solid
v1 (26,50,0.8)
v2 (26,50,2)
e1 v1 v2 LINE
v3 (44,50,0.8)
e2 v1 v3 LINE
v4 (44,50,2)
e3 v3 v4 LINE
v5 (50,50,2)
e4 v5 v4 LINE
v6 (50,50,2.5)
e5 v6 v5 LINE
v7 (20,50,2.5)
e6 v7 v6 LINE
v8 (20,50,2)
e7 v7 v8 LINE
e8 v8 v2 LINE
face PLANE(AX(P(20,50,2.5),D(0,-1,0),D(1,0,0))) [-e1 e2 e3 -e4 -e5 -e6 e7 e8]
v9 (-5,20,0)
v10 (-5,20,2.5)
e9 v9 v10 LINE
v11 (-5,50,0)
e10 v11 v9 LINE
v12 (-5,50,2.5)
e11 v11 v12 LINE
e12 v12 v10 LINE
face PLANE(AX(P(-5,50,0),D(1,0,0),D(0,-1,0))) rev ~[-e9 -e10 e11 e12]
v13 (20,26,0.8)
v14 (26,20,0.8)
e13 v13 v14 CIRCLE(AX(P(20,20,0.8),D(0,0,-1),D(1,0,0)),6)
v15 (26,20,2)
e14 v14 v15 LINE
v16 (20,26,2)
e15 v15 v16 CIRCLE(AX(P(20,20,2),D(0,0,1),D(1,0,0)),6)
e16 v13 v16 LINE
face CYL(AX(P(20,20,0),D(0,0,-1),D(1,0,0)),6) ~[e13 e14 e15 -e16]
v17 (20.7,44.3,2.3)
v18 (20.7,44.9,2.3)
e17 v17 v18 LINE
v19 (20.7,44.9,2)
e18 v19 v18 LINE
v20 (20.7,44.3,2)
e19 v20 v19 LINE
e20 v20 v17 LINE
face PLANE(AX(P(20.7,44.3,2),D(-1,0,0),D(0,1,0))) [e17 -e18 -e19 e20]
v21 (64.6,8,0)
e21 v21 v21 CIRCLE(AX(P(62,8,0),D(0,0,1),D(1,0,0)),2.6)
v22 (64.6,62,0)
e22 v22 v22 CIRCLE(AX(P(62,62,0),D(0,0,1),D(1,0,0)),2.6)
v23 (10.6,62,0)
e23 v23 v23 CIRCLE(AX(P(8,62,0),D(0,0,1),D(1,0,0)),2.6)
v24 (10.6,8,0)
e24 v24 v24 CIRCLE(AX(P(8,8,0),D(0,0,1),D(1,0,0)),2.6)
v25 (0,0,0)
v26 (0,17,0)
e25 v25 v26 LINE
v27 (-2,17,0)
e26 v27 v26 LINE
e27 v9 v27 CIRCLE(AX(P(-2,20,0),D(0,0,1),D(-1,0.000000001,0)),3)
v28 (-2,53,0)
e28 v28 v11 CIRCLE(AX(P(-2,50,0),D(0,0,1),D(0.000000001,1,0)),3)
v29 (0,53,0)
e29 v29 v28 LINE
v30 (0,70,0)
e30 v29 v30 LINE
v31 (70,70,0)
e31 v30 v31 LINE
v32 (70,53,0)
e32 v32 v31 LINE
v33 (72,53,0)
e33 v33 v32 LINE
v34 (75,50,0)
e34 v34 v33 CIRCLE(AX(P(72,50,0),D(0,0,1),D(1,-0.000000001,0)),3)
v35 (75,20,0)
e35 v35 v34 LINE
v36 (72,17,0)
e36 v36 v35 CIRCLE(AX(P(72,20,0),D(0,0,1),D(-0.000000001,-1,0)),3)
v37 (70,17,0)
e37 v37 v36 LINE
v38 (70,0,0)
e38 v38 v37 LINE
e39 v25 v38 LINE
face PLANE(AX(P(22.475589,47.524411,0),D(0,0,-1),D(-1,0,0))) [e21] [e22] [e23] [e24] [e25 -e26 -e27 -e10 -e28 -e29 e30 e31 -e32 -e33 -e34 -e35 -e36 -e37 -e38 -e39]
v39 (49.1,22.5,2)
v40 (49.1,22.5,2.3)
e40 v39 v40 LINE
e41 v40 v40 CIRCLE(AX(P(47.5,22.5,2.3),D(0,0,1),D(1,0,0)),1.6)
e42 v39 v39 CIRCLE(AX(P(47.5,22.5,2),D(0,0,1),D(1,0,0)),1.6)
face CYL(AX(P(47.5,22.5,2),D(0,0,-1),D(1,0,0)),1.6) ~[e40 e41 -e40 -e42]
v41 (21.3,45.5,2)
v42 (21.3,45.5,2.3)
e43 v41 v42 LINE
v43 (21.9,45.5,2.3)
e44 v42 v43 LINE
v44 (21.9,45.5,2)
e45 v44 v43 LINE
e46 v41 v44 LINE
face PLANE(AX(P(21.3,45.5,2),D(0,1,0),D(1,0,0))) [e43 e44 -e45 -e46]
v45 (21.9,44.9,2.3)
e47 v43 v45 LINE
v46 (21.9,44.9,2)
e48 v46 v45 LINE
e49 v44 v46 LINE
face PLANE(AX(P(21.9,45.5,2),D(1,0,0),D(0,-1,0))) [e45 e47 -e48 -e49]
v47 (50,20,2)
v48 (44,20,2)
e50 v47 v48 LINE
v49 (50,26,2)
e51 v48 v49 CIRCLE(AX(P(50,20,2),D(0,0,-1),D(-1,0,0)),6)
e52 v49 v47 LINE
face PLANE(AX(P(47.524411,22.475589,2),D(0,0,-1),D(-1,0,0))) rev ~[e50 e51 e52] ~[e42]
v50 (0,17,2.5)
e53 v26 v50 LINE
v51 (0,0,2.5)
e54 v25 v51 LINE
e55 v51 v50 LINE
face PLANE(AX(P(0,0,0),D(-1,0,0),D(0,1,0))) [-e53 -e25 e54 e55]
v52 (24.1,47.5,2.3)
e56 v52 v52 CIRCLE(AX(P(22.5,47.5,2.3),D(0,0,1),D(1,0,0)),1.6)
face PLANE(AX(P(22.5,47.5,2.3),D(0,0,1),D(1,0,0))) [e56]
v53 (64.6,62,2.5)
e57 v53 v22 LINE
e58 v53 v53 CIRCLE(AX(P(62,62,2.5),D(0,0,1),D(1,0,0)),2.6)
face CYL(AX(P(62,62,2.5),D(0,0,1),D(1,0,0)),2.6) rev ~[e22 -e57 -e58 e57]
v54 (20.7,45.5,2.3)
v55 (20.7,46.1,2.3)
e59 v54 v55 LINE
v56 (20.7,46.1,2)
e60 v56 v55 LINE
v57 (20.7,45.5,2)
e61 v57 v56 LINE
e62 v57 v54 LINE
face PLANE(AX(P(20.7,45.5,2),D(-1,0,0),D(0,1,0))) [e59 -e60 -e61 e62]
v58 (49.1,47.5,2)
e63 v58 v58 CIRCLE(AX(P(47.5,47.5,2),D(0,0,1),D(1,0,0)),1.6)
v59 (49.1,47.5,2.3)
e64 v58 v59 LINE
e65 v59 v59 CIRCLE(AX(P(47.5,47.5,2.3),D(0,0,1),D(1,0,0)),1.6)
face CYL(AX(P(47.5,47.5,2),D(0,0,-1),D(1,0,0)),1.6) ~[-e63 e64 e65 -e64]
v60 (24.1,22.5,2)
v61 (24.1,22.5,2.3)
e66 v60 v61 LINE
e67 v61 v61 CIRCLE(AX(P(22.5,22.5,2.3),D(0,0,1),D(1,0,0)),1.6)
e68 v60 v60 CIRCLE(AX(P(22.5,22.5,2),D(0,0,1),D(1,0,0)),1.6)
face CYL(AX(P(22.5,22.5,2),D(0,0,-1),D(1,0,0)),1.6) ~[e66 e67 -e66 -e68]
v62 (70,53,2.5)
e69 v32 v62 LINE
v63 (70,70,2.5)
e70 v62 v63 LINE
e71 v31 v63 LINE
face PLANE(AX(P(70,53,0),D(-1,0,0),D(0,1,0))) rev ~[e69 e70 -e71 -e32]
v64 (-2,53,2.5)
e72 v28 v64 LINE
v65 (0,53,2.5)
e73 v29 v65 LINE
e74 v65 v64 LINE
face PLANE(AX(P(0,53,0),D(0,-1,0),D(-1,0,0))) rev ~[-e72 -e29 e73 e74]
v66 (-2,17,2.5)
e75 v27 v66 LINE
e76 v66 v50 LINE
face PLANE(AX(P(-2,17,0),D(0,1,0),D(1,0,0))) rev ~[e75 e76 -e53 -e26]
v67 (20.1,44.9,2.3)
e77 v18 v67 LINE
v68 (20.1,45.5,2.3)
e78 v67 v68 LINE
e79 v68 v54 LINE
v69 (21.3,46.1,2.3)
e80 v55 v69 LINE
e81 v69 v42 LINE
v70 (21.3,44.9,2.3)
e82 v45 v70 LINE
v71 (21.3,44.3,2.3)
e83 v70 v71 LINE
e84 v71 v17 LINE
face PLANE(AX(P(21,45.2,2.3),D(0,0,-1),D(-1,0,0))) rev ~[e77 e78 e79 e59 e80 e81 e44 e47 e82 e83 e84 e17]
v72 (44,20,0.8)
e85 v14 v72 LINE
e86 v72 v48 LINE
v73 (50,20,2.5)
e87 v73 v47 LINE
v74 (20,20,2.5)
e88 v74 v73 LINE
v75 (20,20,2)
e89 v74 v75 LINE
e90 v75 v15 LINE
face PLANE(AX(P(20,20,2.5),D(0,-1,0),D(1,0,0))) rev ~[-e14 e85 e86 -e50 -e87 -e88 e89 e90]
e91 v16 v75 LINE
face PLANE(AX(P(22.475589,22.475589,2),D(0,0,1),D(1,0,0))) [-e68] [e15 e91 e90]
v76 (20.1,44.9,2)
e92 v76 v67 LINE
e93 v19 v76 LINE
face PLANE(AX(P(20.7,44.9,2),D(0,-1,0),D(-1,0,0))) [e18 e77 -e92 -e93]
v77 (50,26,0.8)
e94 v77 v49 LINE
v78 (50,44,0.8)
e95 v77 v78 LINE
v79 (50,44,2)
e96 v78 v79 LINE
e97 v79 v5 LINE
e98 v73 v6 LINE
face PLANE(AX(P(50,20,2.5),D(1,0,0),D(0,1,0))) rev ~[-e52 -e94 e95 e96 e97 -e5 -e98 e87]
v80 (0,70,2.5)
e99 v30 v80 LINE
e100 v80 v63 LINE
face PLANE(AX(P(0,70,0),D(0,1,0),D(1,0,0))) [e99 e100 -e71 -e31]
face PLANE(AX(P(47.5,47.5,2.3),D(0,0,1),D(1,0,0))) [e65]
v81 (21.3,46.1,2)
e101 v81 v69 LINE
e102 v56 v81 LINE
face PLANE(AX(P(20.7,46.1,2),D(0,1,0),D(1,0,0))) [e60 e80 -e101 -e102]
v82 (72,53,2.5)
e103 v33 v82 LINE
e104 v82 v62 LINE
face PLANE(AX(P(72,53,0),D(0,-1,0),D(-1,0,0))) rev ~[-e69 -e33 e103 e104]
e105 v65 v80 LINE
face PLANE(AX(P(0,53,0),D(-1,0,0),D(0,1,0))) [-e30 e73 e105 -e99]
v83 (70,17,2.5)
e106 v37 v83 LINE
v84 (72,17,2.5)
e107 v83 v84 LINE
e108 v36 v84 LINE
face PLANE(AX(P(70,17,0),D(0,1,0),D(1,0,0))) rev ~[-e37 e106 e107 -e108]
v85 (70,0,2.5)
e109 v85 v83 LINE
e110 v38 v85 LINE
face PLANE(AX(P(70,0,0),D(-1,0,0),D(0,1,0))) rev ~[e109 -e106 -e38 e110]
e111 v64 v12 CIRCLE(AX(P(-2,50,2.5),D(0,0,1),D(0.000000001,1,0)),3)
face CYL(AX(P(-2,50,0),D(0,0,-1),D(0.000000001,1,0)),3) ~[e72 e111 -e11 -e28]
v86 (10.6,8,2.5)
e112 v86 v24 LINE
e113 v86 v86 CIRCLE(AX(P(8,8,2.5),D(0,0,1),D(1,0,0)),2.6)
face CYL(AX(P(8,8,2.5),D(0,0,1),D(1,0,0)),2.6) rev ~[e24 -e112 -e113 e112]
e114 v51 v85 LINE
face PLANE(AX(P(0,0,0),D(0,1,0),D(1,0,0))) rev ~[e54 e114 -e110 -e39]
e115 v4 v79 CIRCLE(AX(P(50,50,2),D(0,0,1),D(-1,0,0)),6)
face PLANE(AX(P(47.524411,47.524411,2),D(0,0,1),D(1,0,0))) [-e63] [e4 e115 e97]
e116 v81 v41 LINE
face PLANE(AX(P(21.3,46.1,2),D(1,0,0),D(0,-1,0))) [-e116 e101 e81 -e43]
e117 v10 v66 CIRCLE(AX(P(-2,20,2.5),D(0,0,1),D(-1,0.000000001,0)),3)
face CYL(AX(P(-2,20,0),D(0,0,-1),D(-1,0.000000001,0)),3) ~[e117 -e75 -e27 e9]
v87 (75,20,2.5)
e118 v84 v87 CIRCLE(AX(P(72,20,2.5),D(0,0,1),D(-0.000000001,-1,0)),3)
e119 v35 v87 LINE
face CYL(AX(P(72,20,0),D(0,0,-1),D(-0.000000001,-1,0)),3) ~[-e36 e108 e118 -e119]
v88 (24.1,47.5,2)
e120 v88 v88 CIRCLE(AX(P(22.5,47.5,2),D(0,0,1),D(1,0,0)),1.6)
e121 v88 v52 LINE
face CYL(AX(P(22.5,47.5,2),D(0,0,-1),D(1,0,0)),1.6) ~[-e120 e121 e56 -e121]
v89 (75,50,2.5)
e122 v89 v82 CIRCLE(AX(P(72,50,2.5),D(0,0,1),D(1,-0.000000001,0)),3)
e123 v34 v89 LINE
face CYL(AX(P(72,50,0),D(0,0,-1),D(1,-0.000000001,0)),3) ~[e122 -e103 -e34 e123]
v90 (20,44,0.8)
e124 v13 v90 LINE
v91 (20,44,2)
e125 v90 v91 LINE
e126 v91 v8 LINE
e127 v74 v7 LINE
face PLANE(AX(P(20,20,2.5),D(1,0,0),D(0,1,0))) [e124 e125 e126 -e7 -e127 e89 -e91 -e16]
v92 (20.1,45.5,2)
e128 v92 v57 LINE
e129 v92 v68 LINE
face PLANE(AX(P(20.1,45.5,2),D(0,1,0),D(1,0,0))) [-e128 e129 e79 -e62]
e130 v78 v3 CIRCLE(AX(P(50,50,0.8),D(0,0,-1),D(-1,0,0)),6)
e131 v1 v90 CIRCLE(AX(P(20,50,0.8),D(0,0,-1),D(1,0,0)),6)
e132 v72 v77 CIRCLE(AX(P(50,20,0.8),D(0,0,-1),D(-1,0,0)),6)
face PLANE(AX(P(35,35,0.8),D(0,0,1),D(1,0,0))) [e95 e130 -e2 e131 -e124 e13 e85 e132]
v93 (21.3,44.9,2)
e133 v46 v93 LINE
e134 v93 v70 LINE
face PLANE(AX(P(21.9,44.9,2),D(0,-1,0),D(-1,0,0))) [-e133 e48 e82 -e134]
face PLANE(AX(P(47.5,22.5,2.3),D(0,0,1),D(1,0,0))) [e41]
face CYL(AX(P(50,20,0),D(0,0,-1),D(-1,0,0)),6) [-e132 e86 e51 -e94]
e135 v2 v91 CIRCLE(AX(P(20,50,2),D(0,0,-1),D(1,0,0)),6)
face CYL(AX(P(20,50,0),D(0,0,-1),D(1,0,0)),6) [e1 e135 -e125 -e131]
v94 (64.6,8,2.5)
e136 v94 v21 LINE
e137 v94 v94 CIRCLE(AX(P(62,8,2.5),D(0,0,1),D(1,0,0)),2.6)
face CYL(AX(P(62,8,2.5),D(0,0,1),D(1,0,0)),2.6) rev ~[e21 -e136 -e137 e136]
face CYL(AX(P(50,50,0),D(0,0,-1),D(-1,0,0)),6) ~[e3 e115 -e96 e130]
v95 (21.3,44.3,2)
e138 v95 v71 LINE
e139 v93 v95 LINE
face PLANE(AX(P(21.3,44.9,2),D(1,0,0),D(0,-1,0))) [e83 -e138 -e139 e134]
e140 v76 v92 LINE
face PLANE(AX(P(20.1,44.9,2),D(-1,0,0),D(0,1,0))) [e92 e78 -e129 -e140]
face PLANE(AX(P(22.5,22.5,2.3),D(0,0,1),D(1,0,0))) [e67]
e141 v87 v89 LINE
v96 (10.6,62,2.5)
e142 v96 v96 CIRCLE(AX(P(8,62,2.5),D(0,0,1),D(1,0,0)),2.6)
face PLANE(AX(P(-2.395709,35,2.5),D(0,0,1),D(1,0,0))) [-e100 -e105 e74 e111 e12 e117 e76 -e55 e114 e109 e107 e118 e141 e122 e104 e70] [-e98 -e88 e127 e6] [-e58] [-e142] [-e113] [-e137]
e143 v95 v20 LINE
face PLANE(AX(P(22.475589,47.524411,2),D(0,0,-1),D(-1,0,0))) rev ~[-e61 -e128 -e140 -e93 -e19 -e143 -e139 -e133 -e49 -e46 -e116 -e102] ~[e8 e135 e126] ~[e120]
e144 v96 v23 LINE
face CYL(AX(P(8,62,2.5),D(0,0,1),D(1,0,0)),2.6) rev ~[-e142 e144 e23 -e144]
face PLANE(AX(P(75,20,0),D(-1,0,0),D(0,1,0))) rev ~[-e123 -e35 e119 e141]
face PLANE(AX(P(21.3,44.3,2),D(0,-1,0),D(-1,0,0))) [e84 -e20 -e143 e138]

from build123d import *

# Parameters (mm, degrees)
SKETCH_1_W          = 70
SKETCH_1_H          = 70
EXTRUDE_1_DEPTH     = 2.5
SKETCH_2_W          = 30
SKETCH_2_H          = 30
CUT_EXTRUDE_1_DEPTH = 1.7
SKETCH_3_R          = 2.6
CUT_EXTRUDE_2_DEPTH = 3
EXTRUDE_2_DEPTH     = 2
SKETCH_6_R          = 1.6
EXTRUDE_3_DEPTH     = 0.3


with BuildPart() as part:
    # 草图1 → 凸台-拉伸1 (new body)
    with BuildSketch(Plane.XY):
        with BuildLine():
            Line((-2, 17), (0, 17))
            Line((0, 17), (0, 53))
            Line((0, 53), (-2, 53))
            ThreePointArc((-2, 53), (-4.121320344, 52.121320344), (-5, 50))
            Line((-5, 50), (-5, 20))
            ThreePointArc((-5, 20), (-4.121320344, 17.878679656), (-2, 17))
        make_face()
        with Locations((35, 35)):
            Rectangle(SKETCH_1_W, SKETCH_1_H)
        with BuildLine():
            Line((70, 53), (70, 17))
            Line((70, 17), (72, 17))
            ThreePointArc((72, 17), (74.121320344, 17.878679656), (75, 20))
            Line((75, 20), (75, 50))
            ThreePointArc((75, 50), (74.121320344, 52.121320344), (72, 53))
            Line((72, 53), (70, 53))
        make_face()
    extrude(amount=EXTRUDE_1_DEPTH)

    # 草图2 → 切除-拉伸1 (cut)
    with BuildSketch(Plane.XY.offset(2.5)):
        with Locations((35, 35)):
            Rectangle(SKETCH_2_W, SKETCH_2_H)
    extrude(amount=-CUT_EXTRUDE_1_DEPTH, mode=Mode.SUBTRACT)

    # 草图3 → 切除-拉伸2 (cut)
    with BuildSketch(Plane.XY.offset(2.5)):
        with Locations((8, 62)):
            Circle(SKETCH_3_R)
        with Locations((62, 62)):
            Circle(SKETCH_3_R)
        with Locations((8, 8)):
            Circle(SKETCH_3_R)
        with Locations((62, 8)):
            Circle(SKETCH_3_R)
    extrude(amount=-CUT_EXTRUDE_2_DEPTH, mode=Mode.SUBTRACT)

    # 草图4 → 凸台-拉伸2 (add)
    with BuildSketch(Plane.XY):
        with BuildLine():
            Line((20, 44), (20, 50))
            Line((20, 50), (26, 50))
            ThreePointArc((26, 50), (24.242640687, 45.757359313), (20, 44))
        make_face()
        with BuildLine():
            Line((50, 44), (50, 50))
            Line((50, 50), (44, 50))
            ThreePointArc((44, 50), (45.757359313, 45.757359313), (50, 44))
        make_face()
        with BuildLine():
            Line((50, 20), (44, 20))
            ThreePointArc((44, 20), (45.757359313, 24.242640687), (50, 26))
            Line((50, 26), (50, 20))
        make_face()
        with BuildLine():
            Line((20, 26), (20, 20))
            Line((20, 20), (26, 20))
            ThreePointArc((26, 20), (24.242640687, 24.242640687), (20, 26))
        make_face()
    extrude(amount=EXTRUDE_2_DEPTH)

    # 草图6 → 凸台-拉伸3 (add)
    with BuildSketch(Plane.XY.offset(2)):
        with Locations((22.5, 47.5)):
            Circle(SKETCH_6_R)
        with Locations((47.5, 47.5)):
            Circle(SKETCH_6_R)
        with Locations((47.5, 22.5)):
            Circle(SKETCH_6_R)
        with Locations((22.5, 22.5)):
            Circle(SKETCH_6_R)
        Polygon((20.1, 45.5), (20.7, 45.5), (20.7, 46.1), (21.3, 46.1), (21.3, 45.5), (21.9, 45.5), (21.9, 44.9), (21.3, 44.9), (21.3, 44.3), (20.7, 44.3), (20.7, 44.9), (20.1, 44.9), align=None)
    extrude(amount=EXTRUDE_3_DEPTH)


solid = part.part
